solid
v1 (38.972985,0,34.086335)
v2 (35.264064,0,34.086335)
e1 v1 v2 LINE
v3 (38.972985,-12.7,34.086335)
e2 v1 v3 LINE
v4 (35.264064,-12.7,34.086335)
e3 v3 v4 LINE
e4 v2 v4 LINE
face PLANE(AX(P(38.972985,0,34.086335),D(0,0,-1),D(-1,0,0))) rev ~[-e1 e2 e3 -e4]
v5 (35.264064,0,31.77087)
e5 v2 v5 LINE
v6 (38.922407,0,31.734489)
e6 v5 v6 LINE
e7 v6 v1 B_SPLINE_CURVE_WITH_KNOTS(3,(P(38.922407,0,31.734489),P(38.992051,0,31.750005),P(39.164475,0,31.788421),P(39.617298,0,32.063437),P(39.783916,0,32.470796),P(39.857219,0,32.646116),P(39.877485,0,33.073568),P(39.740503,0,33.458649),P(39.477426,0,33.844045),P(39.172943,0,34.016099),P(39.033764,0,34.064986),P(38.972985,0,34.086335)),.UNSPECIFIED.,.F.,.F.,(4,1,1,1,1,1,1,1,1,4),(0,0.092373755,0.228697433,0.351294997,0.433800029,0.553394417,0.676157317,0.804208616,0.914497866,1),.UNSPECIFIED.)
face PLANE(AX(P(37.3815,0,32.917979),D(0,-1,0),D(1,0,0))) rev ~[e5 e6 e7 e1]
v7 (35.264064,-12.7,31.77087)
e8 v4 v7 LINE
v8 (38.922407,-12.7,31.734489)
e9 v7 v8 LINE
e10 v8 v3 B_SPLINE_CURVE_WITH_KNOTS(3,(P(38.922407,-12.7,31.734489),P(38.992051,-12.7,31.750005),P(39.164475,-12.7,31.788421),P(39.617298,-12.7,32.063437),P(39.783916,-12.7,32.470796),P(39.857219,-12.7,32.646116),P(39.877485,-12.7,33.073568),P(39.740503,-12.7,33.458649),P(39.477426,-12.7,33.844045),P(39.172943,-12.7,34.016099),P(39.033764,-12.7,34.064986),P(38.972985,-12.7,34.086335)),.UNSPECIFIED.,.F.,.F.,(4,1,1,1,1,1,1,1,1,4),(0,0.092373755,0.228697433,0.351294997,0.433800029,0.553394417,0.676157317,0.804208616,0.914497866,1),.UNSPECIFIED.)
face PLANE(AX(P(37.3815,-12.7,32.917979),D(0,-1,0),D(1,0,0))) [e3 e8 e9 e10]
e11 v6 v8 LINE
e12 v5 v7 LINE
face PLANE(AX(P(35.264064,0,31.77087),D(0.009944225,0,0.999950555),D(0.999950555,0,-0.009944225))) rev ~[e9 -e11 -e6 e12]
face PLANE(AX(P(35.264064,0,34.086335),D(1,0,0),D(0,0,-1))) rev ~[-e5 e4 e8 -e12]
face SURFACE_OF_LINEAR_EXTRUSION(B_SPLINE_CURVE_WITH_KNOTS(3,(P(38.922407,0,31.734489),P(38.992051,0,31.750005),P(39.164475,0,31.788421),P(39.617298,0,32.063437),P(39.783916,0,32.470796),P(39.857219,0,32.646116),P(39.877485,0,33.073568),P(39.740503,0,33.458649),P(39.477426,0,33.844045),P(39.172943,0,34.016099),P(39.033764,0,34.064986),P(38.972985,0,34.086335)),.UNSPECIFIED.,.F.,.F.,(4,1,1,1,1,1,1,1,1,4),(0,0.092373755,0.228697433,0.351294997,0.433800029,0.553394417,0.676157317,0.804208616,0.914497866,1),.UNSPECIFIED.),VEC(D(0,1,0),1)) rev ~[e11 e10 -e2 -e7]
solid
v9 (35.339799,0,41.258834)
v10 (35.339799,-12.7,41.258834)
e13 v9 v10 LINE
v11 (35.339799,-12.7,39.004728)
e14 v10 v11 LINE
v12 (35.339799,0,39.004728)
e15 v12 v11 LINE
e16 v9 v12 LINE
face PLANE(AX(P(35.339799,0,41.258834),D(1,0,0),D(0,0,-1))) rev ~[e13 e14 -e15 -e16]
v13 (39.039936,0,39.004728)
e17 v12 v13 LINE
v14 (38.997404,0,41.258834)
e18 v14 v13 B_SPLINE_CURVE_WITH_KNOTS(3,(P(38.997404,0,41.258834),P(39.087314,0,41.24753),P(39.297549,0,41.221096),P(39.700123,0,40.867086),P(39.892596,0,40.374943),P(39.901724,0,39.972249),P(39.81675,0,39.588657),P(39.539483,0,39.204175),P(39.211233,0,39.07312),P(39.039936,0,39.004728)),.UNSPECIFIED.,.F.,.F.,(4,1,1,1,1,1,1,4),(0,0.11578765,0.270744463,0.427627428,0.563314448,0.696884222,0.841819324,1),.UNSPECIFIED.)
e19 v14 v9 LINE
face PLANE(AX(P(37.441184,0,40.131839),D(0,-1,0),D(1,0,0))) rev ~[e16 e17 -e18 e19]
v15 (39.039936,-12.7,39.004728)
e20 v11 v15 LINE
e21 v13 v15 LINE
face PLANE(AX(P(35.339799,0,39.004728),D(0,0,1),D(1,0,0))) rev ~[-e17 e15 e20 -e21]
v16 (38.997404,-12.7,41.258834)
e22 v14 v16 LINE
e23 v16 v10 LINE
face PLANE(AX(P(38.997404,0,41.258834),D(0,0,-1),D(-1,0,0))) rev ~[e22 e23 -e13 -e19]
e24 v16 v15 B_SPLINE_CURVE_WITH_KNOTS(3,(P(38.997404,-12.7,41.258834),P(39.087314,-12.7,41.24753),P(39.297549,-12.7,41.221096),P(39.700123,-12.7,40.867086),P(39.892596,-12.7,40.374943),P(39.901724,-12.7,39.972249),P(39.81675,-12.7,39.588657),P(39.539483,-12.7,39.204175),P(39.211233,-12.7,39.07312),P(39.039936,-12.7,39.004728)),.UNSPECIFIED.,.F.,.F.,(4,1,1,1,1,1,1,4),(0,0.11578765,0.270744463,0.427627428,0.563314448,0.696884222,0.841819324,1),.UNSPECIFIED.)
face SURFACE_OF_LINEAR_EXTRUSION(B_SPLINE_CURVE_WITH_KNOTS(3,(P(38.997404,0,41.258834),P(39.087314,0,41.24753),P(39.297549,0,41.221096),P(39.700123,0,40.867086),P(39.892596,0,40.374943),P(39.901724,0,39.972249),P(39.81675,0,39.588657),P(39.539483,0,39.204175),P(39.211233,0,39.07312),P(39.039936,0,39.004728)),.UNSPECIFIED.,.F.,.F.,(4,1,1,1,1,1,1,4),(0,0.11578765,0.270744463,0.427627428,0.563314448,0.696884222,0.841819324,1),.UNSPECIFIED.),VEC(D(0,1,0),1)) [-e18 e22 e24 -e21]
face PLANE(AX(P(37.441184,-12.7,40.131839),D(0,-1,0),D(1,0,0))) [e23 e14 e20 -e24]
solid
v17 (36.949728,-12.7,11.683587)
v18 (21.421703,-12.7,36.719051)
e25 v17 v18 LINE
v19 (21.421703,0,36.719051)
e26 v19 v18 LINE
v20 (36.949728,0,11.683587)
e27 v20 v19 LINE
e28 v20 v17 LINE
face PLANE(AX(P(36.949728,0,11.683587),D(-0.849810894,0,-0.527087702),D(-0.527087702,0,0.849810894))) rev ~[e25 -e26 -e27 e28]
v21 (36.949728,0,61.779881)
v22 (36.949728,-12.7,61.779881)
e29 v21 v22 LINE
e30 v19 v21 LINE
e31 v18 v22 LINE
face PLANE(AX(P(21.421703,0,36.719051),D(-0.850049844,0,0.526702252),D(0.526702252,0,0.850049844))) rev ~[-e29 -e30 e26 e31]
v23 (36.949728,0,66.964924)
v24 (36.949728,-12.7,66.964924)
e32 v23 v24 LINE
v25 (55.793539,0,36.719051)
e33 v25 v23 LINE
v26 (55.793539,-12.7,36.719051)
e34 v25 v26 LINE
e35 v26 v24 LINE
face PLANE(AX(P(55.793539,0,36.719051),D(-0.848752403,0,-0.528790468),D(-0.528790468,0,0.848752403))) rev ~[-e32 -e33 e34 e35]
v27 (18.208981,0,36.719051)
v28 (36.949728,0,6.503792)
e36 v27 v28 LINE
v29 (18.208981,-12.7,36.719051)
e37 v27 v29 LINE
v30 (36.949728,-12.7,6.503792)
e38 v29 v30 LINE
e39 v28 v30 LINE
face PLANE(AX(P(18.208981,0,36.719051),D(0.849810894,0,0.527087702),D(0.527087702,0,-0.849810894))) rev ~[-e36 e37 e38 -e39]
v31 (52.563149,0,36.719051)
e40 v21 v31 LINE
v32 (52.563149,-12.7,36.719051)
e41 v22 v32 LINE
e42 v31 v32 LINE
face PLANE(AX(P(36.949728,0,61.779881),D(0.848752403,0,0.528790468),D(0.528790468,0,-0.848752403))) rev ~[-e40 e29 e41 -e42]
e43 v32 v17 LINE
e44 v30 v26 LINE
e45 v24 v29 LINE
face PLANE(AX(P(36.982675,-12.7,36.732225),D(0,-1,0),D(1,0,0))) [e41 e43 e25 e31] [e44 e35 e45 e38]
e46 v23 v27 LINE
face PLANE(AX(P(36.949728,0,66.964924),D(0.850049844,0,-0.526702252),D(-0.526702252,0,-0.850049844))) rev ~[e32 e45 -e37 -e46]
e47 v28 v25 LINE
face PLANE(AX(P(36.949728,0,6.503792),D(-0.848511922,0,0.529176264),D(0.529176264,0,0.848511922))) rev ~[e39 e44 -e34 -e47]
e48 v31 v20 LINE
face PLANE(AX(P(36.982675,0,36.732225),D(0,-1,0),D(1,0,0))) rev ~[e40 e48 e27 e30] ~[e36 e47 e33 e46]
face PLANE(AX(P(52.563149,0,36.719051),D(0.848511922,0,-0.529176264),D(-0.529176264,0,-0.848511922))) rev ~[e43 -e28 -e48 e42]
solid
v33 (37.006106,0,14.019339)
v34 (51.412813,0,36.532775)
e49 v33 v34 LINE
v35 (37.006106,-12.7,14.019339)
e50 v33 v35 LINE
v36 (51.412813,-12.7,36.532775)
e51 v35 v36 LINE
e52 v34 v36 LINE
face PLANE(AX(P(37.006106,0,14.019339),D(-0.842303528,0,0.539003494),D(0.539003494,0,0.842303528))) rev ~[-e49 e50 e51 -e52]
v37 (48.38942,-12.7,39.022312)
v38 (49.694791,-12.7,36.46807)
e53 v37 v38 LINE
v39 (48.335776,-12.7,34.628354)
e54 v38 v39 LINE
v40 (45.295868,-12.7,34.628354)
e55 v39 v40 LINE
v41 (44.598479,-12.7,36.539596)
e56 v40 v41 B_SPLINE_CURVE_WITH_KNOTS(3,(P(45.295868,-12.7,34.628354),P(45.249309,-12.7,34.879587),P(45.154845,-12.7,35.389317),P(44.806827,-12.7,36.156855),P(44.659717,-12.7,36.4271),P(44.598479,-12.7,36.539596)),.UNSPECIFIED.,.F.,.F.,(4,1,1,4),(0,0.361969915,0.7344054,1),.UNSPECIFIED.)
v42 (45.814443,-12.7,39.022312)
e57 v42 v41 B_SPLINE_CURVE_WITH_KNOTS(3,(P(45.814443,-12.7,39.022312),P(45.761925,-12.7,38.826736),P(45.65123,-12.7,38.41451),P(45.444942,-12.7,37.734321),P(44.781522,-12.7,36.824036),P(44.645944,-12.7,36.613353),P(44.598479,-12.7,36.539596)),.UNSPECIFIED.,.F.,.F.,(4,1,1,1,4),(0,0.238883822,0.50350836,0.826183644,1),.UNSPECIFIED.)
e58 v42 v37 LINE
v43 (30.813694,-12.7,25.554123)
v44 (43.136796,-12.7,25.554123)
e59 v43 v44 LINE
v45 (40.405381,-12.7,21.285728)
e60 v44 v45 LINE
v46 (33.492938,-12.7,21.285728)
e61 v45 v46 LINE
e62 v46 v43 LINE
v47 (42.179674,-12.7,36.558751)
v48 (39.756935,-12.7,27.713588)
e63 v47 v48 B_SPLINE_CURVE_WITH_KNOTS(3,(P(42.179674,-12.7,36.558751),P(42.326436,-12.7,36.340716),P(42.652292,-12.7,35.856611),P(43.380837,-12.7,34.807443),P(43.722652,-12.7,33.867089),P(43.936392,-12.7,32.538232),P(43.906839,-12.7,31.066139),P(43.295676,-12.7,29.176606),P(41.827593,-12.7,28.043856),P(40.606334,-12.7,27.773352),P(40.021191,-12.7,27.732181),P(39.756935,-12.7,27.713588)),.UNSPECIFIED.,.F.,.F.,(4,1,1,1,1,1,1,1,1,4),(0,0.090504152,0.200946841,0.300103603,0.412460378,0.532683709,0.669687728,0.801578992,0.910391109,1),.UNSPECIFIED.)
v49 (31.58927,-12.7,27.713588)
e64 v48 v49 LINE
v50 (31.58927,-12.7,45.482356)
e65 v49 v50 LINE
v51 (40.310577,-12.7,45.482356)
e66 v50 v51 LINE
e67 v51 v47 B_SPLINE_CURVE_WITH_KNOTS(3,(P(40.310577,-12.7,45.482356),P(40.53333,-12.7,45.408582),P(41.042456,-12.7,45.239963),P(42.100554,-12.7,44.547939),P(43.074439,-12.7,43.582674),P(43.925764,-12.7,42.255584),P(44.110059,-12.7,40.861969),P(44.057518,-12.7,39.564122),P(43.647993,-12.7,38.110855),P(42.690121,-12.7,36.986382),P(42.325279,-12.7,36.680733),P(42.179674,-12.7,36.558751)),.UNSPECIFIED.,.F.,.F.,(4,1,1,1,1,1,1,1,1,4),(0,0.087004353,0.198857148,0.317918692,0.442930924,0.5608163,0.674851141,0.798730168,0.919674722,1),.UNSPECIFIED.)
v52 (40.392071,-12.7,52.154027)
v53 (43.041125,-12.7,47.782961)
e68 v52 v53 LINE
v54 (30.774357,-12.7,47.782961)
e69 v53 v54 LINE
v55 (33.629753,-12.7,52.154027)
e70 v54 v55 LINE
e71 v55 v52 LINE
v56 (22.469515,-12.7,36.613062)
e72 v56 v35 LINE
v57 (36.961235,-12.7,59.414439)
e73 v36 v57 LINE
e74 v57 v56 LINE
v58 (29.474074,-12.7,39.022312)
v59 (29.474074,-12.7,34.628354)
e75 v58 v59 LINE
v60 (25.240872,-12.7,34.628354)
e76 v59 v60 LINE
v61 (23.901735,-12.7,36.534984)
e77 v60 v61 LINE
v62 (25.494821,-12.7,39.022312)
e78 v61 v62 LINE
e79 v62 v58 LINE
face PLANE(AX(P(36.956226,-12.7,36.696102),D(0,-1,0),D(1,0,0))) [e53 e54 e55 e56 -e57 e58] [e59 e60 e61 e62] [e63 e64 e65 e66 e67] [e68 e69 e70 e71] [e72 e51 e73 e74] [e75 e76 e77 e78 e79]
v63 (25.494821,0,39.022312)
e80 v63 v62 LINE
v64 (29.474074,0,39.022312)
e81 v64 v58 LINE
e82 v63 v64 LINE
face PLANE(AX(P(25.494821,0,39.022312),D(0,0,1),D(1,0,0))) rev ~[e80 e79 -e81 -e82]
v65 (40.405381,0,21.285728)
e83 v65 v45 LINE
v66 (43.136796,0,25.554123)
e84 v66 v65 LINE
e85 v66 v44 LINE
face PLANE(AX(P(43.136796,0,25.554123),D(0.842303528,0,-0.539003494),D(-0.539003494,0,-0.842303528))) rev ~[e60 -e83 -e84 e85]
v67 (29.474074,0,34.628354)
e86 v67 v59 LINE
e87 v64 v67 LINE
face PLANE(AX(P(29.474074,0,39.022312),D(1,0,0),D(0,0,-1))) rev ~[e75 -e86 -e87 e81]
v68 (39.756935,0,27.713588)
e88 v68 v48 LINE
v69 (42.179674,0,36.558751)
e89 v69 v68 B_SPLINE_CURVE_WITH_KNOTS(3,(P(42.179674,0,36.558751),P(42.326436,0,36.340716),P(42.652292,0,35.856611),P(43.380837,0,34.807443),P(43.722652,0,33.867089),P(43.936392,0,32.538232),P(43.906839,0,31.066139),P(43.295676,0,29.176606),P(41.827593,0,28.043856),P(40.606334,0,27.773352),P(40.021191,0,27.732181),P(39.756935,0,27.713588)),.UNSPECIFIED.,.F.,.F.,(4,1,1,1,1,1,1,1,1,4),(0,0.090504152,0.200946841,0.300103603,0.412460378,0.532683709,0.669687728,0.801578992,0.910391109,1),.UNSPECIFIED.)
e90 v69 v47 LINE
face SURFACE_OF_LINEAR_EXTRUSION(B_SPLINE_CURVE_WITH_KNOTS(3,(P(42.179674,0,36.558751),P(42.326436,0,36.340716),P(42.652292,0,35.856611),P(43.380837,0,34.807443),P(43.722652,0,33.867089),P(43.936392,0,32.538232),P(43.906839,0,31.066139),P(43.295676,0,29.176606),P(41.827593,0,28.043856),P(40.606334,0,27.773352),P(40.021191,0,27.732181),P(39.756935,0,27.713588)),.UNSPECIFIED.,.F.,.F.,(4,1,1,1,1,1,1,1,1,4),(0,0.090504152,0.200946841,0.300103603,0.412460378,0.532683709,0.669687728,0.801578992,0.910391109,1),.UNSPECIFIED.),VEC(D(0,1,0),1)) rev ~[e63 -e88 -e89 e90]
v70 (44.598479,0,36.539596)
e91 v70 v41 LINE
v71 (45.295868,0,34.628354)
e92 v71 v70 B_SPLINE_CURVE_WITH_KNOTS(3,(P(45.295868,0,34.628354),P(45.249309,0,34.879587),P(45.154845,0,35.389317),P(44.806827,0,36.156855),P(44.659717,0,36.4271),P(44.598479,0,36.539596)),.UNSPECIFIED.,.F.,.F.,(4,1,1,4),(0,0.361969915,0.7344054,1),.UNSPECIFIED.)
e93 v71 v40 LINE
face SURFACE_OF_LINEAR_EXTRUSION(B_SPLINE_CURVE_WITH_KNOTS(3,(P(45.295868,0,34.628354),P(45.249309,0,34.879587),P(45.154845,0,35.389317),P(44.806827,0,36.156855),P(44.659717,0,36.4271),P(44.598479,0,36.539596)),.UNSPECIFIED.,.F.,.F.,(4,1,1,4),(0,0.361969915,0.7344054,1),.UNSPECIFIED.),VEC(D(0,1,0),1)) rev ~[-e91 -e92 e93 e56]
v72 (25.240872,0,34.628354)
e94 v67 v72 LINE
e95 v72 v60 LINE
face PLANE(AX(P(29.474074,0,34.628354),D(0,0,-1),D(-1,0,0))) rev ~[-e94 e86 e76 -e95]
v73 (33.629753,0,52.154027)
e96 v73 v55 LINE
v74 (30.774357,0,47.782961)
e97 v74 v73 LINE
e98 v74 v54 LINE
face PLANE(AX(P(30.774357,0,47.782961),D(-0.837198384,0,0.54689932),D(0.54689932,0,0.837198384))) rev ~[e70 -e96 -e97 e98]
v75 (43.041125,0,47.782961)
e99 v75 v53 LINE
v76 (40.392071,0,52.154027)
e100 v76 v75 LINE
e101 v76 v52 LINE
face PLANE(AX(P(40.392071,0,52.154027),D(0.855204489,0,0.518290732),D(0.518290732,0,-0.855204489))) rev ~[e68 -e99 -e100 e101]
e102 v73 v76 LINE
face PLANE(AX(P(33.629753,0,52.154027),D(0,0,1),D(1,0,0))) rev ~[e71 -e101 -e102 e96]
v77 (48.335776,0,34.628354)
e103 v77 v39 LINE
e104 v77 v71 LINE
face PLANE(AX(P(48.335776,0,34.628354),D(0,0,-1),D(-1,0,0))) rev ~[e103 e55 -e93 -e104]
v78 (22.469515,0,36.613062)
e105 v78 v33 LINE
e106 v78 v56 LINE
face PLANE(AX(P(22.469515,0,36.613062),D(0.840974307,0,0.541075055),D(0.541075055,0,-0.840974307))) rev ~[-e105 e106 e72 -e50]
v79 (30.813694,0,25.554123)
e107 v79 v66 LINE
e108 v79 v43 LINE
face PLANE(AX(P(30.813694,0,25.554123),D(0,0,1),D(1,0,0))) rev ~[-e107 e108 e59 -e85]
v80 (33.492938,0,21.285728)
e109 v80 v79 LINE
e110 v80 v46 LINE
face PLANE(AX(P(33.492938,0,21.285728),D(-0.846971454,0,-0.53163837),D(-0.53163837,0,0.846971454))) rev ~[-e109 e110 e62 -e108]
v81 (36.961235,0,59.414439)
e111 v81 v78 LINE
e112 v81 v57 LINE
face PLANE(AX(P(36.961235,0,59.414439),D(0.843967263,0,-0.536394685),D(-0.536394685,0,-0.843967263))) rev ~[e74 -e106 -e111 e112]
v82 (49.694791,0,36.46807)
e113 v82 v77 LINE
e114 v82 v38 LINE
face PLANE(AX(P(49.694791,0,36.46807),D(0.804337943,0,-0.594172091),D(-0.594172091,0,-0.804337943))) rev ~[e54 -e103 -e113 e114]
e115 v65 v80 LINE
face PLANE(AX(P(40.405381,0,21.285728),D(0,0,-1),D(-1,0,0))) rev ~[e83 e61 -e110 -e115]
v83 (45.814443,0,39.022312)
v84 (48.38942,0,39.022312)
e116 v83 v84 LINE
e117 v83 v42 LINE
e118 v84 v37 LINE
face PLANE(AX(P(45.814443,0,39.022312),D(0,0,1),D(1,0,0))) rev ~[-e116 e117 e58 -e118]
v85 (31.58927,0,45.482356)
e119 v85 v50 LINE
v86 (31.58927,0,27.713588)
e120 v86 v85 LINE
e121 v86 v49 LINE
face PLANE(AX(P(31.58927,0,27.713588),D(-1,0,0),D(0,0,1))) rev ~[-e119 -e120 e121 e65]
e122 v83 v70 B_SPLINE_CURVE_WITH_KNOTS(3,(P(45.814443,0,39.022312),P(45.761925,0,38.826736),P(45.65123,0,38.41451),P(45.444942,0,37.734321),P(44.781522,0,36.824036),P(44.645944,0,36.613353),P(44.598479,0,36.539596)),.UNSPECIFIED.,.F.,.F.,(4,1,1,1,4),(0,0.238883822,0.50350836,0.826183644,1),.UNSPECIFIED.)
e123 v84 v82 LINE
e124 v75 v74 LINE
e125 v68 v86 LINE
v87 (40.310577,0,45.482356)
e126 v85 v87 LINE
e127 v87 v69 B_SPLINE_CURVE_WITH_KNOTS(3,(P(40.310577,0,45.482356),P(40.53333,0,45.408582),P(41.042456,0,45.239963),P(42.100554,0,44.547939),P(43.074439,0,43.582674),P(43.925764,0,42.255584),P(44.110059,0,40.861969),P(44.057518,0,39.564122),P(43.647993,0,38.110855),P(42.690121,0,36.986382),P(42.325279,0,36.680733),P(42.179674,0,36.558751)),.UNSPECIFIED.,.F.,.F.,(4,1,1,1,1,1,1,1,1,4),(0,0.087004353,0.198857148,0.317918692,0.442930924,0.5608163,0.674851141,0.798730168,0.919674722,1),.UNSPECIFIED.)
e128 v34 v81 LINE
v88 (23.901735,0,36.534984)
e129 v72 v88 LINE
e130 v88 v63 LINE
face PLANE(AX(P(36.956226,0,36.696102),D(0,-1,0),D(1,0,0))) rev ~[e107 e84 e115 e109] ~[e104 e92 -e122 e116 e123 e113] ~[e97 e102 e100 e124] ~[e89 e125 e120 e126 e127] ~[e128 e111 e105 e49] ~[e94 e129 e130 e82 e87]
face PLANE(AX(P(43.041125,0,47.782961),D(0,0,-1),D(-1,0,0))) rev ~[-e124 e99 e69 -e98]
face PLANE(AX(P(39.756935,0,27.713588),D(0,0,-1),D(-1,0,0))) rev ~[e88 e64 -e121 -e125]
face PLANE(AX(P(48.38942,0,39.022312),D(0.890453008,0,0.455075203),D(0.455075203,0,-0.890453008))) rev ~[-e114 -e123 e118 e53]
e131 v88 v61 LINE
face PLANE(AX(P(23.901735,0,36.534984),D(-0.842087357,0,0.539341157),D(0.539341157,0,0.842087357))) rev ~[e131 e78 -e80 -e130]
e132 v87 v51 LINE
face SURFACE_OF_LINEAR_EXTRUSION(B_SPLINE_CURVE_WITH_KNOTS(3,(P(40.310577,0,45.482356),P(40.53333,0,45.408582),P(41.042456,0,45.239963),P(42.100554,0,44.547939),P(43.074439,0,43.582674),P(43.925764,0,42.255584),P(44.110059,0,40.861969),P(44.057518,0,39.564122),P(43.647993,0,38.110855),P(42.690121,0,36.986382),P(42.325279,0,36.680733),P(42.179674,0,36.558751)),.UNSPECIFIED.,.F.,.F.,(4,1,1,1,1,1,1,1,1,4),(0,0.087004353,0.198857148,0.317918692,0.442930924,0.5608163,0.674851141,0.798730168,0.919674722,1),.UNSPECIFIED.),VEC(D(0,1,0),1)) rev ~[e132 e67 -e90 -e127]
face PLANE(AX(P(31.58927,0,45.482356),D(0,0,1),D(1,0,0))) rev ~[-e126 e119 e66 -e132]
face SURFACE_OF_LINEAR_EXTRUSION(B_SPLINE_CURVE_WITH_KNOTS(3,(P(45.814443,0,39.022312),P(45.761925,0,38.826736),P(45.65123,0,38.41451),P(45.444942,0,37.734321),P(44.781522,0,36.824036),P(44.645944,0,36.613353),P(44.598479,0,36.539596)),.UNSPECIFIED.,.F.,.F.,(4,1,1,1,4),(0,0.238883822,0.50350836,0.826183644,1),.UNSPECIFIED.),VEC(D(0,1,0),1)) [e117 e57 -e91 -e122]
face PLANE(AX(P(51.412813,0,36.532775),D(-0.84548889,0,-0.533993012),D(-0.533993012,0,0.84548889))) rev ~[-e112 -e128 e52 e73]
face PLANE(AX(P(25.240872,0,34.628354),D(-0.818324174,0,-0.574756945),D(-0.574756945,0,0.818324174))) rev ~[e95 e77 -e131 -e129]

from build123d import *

# Parameters (mm, degrees)
F1_DEPTH = 12.7


with BuildPart() as f1:
    # F0 (on Front) → F1 (new body)
    with BuildSketch(Plane.XZ):
        Polygon((55.7935386896, 36.7190510854), (36.9497281499, 66.9649243355), (18.2089805603, 36.7190510854), (36.9497281499, 6.503792014), align=None)
        Polygon((36.9497281499, 11.6835868778), (21.4217025787, 36.7190510854), (36.9497281499, 61.7798812901), (52.5631486136, 36.7190510854), align=None, mode=Mode.SUBTRACT)
    extrude(amount=F1_DEPTH)


with BuildPart() as f1b:
    # F0 (on Front) → F1, piece 2 (new body)
    with BuildSketch(Plane.XZ):
        Polygon((36.961235106, 59.4144389033), (22.4695149809, 36.6130620241), (37.0061062276, 14.0193393454), (51.4128133655, 36.5327745676), align=None)
        Polygon((40.4053814709, 21.2857276201), (33.4929376841, 21.2857276201), (30.8136940002, 25.5541232933), (43.1367961042, 25.5541232933), align=None, mode=Mode.SUBTRACT)
        with BuildLine():
            Line((31.5892696381, 45.4823561013), (40.3105765581, 45.4823561013))
            add(Edge.make_bspline(
                [(40.3105765581, 45.4823561013), (40.5333300825, 45.4085817866), (41.042455534, 45.2399632142), (42.1005544789, 44.5479394631), (43.0744390966, 43.5826743272), (43.925763597, 42.2555841719), (44.1100589755, 40.8619686909), (44.0575175742, 39.5641218576), (43.6479933041, 38.1108548902), (42.6901208937, 36.9863822802), (42.3252794068, 36.6807332491), (42.1796739101, 36.5587510169)],
                knots=[0, 0, 0, 0, 0.0870043531, 0.1988571479, 0.3179186916, 0.442930924, 0.5608163005, 0.6748511408, 0.7987301676, 0.9196747219, 1, 1, 1, 1], degree=3))
            add(Edge.make_bspline(
                [(42.1796739101, 36.5587510169), (42.3264358464, 36.3407158161), (42.6522921404, 35.8566111205), (43.3808372382, 34.8074425703), (43.7226515634, 33.8670891114), (43.936391539, 32.5382323001), (43.906838669, 31.0661385984), (43.295675562, 29.1766064867), (41.8275926432, 28.0438558863), (40.6063341243, 27.773352256), (40.021191355, 27.7321808996), (39.7569350898, 27.7135875076)],
                knots=[0, 0, 0, 0, 0.0905041515, 0.2009468405, 0.3001036028, 0.412460378, 0.5326837088, 0.6696877281, 0.8015789922, 0.9103911093, 1, 1, 1, 1], degree=3))
            Line((39.7569350898, 27.7135875076), (31.5892696381, 27.7135875076))
            Line((31.5892696381, 27.7135875076), (31.5892696381, 45.4823561013))
        make_face(mode=Mode.SUBTRACT)
        Polygon((29.474074021, 34.628354013), (25.2408720553, 34.628354013), (23.9017345011, 36.5349836648), (25.4948213696, 39.0223115683), (29.474074021, 39.0223115683), align=None, mode=Mode.SUBTRACT)
        Polygon((43.0411249399, 47.7829612792), (30.7743567973, 47.7829612792), (33.6297526956, 52.1540269256), (40.3920710087, 52.1540269256), align=None, mode=Mode.SUBTRACT)
        with BuildLine():
            Line((48.335775733, 34.628354013), (45.2958680689, 34.628354013))
            add(Edge.make_bspline(
                [(45.2958680689, 34.628354013), (45.2493090735, 34.8795872134), (45.154844931, 35.3893174737), (44.8068270324, 36.1568551796), (44.6597168136, 36.4270999952), (44.5984788239, 36.5395955741)],
                knots=[0, 0, 0, 0, 0.3619699152, 0.7344053999, 1, 1, 1, 1], degree=3))
            add(Edge.make_bspline(
                [(45.8144433796, 39.0223115683), (45.7619252527, 38.826735599), (45.6512299545, 38.4145095445), (45.4449422066, 37.7343205226), (44.7815224594, 36.8240355108), (44.6459435385, 36.6133531805), (44.5984788239, 36.5395955741)],
                knots=[0, 0, 0, 0, 0.2388838223, 0.50350836, 0.8261836438, 1, 1, 1, 1], degree=3))
            Line((45.8144433796, 39.0223115683), (48.3894199133, 39.0223115683))
            Line((48.3894199133, 39.0223115683), (49.6947914362, 36.4680700004))
            Line((49.6947914362, 36.4680700004), (48.335775733, 34.628354013))
        make_face(mode=Mode.SUBTRACT)
    extrude(amount=F1_DEPTH)


with BuildPart() as f1c:
    # F0 (on Front) → F1, piece 3 (new body)
    with BuildSketch(Plane.XZ):
        with BuildLine():
            Line((35.2640636265, 34.0863354504), (35.2640636265, 31.7708700895))
            Line((35.2640636265, 31.7708700895), (38.922406733, 31.7344889045))
            add(Edge.make_bspline(
                [(38.922406733, 31.7344889045), (38.9920509714, 31.7500054339), (39.1644750388, 31.7884210038), (39.6172983515, 32.0634365037), (39.7839162385, 32.4707960681), (39.8572192368, 32.6461160883), (39.877484768, 33.0735684697), (39.7405030799, 33.4586486799), (39.4774261787, 33.8440447349), (39.1729432343, 34.0160993046), (39.0337644154, 34.0649864326), (38.9729849994, 34.0863354504)],
                knots=[0, 0, 0, 0, 0.0923737548, 0.2286974329, 0.3512949974, 0.4338000293, 0.553394417, 0.6761573175, 0.8042086158, 0.9144978662, 1, 1, 1, 1], degree=3))
            Line((38.9729849994, 34.0863354504), (35.2640636265, 34.0863354504))
        make_face()
    extrude(amount=F1_DEPTH)


with BuildPart() as f1d:
    # F0 (on Front) → F1, piece 4 (new body)
    with BuildSketch(Plane.XZ):
        with BuildLine():
            Line((35.3397987783, 41.2588343024), (35.3397987783, 39.0047281981))
            Line((35.3397987783, 39.0047281981), (39.0399359167, 39.0047281981))
            add(Edge.make_bspline(
                [(38.9974042773, 41.2588343024), (39.0873141247, 41.2475297089), (39.2975489241, 41.2210963534), (39.7001234425, 40.867086274), (39.892596456, 40.3749429327), (39.9017244721, 39.9722490655), (39.8167501853, 39.5886572913), (39.5394832868, 39.2041753541), (39.2112330081, 39.0731195454), (39.0399359167, 39.0047281981)],
                knots=[0, 0, 0, 0, 0.1157876497, 0.2707444625, 0.4276274278, 0.5633144477, 0.6968842221, 0.8418193236, 1, 1, 1, 1], degree=3))
            Line((38.9974042773, 41.2588343024), (35.3397987783, 41.2588343024))
        make_face()
    extrude(amount=F1_DEPTH)


solid = Compound([f1.part, f1b.part, f1c.part, f1d.part])
